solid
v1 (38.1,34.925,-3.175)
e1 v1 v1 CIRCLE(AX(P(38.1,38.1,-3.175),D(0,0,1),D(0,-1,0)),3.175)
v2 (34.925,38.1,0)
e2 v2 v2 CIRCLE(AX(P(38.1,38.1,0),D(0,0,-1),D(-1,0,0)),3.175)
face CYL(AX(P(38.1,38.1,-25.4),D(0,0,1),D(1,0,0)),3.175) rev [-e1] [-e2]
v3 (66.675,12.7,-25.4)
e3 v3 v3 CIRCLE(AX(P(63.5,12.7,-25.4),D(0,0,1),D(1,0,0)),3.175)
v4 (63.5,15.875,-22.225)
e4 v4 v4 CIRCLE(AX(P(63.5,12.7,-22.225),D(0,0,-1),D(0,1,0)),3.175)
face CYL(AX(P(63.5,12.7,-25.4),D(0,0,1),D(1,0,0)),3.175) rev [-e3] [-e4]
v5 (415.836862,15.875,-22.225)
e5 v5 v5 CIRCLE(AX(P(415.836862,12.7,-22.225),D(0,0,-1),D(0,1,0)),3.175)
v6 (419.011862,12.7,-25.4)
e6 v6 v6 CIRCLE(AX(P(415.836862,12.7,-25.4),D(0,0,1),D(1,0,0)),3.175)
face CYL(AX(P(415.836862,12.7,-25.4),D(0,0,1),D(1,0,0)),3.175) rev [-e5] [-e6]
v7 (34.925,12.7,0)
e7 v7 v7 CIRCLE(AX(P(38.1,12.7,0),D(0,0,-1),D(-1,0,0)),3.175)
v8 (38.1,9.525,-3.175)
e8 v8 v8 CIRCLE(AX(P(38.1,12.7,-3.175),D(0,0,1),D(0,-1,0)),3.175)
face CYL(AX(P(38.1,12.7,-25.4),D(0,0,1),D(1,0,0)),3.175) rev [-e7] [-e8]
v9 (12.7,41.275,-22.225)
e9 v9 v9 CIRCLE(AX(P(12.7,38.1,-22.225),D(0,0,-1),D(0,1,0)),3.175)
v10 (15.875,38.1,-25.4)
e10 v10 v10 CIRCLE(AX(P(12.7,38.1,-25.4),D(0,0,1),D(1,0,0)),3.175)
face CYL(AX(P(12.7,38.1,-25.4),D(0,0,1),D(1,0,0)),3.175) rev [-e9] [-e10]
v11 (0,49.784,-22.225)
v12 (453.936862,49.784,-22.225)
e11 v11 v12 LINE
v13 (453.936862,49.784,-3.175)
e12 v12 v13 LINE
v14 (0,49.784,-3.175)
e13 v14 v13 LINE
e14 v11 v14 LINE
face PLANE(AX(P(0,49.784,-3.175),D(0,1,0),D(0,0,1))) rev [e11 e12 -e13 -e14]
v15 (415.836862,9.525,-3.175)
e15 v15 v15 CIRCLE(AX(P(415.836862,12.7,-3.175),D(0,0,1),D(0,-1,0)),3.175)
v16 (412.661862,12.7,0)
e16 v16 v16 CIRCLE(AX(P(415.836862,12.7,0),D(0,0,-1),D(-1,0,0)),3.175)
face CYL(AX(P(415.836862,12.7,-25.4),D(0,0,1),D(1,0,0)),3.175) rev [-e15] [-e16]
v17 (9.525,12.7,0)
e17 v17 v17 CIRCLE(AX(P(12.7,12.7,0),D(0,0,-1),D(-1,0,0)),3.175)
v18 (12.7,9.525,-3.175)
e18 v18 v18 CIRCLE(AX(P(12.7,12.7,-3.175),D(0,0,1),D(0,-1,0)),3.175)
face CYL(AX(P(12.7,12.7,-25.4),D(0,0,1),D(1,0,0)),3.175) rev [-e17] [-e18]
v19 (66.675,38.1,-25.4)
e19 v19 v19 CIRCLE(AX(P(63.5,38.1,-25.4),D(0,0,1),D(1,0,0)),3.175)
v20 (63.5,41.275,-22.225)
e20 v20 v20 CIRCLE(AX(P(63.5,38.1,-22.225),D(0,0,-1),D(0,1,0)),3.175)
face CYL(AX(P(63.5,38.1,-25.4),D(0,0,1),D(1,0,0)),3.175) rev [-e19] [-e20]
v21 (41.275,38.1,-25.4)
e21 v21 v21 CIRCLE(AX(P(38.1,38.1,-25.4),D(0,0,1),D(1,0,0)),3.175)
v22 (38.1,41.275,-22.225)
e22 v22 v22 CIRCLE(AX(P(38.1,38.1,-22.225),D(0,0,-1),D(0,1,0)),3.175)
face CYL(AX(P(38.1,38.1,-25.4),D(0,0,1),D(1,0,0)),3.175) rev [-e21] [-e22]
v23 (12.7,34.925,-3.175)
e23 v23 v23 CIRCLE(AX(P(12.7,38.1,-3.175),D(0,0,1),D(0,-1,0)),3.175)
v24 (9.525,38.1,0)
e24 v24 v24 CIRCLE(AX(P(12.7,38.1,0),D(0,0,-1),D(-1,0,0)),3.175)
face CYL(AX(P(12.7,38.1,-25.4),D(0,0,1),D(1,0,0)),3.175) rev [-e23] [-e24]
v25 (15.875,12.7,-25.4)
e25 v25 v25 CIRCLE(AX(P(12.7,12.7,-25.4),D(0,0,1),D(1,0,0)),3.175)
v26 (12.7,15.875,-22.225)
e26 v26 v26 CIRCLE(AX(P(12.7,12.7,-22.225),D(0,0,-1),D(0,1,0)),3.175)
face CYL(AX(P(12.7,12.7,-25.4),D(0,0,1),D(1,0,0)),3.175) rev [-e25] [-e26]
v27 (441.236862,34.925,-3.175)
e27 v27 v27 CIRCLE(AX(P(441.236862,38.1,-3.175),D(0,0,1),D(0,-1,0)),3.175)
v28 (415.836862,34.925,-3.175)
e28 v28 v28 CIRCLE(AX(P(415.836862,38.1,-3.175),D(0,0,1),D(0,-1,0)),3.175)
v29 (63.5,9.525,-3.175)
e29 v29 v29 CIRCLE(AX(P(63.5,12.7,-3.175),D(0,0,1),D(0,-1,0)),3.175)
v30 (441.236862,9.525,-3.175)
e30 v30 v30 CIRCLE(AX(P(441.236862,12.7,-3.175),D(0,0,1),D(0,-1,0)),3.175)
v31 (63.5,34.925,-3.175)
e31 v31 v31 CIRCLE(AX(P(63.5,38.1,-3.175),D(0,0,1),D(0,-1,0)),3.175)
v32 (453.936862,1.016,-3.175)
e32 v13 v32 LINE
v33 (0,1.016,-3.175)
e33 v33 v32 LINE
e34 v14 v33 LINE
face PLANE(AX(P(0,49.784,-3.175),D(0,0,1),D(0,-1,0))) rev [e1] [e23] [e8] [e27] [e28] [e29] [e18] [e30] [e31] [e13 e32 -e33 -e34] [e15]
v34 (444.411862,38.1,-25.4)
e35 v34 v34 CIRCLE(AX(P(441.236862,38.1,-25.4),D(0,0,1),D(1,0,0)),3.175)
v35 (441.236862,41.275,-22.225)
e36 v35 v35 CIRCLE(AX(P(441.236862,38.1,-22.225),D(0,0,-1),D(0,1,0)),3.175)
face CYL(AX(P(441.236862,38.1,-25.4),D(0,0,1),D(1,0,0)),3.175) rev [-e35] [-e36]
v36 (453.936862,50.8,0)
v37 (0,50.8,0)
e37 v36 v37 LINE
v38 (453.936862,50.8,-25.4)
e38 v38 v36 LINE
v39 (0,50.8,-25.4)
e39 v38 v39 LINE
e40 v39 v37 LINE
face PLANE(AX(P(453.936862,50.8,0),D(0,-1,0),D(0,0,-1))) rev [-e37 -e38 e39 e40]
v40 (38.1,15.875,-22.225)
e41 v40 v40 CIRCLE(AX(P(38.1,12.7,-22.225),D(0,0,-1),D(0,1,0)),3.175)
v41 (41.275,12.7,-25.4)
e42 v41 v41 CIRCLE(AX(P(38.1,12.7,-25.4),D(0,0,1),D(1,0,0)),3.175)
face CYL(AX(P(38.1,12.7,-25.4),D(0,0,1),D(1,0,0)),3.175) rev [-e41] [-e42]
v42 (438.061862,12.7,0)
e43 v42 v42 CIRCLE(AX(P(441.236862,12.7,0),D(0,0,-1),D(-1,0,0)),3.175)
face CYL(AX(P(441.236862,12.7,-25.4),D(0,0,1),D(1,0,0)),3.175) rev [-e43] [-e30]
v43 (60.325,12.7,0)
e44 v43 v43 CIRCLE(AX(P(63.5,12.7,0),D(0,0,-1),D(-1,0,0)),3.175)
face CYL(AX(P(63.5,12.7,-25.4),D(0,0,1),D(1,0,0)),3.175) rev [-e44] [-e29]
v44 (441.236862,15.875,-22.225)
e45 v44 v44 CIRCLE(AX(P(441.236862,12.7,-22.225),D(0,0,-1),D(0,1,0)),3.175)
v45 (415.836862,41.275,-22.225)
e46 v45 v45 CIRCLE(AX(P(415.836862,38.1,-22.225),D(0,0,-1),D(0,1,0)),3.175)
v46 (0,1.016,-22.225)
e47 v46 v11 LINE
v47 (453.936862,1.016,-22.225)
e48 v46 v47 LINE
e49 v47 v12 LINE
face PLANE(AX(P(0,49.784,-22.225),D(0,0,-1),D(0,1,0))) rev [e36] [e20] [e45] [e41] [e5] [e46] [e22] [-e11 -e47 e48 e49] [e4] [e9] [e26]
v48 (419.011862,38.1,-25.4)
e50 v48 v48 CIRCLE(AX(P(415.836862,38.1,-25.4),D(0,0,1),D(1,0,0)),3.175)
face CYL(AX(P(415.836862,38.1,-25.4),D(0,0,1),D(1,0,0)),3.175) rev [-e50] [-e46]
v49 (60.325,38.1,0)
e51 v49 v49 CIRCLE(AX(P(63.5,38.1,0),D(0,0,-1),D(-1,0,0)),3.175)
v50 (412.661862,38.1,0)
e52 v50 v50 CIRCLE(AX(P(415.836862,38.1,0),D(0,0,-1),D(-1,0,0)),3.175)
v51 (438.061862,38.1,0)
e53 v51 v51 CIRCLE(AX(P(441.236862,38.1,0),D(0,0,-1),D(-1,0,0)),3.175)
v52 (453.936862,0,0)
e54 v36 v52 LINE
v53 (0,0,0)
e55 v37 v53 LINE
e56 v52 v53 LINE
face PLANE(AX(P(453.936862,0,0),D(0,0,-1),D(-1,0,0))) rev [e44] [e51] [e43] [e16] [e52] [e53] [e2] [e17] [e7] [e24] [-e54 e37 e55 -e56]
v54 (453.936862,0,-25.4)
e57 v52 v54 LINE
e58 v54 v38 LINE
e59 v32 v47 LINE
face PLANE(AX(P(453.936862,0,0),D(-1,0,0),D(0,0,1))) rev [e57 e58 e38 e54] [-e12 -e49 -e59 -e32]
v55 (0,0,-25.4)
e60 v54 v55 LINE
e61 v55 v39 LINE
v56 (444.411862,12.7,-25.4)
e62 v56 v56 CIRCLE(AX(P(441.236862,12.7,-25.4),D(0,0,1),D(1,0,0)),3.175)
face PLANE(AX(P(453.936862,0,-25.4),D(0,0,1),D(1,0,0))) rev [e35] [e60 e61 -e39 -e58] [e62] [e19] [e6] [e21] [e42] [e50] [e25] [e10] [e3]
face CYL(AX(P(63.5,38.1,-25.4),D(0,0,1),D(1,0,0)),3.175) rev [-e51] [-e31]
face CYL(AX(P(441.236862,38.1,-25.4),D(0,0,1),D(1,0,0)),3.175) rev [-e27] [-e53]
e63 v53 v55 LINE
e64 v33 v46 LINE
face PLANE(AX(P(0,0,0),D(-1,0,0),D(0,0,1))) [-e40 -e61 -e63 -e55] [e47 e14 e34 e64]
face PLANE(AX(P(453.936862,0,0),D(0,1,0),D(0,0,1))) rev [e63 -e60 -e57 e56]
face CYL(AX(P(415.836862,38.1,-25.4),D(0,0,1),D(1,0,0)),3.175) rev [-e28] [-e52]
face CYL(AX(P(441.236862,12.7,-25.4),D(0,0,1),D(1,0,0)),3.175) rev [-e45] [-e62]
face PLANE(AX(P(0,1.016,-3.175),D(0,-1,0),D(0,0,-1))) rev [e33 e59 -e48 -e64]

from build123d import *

# Parameters (mm, degrees)
SKETCH1_W               = 25.4
SKETCH1_H               = 50.8
BOSS_EXTRUDE1_DEPTH     = 453.936862
SKETCH2_W               = 19.05
SKETCH2_H               = 48.768
CUT_EXTRUDE1_DEPTH      = 458.47620122
CUT_EXTRUDE4_DEPTH      = 458.47620122
CUT_EXTRUDE4_DEPTH_BACK = 458.47620122
SKETCH5_R               = 3.175


with BuildPart() as part:
    # Sketch1 → Boss-Extrude1 (new body)
    with BuildSketch(Plane(origin=(0, 0, 0), x_dir=(0, 0, -1), z_dir=(1, 0, 0))):
        with Locations((12.7, 25.4)):
            Rectangle(SKETCH1_W, SKETCH1_H)
    extrude(amount=BOSS_EXTRUDE1_DEPTH)

    # Sketch2 → Cut-Extrude1 (cut, through all)
    with BuildSketch(Plane(origin=(453.936862, 0, 0), x_dir=(0, 0, -1), z_dir=(1, 0, 0))):
        with Locations((12.7, 25.4)):
            Rectangle(SKETCH2_W, SKETCH2_H)
    extrude(amount=-CUT_EXTRUDE1_DEPTH, mode=Mode.SUBTRACT)

    # Sketch5 → Cut-Extrude4 (cut, two sides: drawn at the far end of the back side and taken through both)
    with BuildSketch(Plane.XY.offset(-CUT_EXTRUDE4_DEPTH_BACK)):
        with Locations((12.7, 38.1)):
            Circle(SKETCH5_R)
        with Locations((38.1, 38.1)):
            Circle(SKETCH5_R)
        with Locations((12.7, 12.7)):
            Circle(SKETCH5_R)
        with Locations((38.1, 12.7)):
            Circle(SKETCH5_R)
        with Locations((63.5, 38.1)):
            Circle(SKETCH5_R)
        with Locations((63.5, 12.7)):
            Circle(SKETCH5_R)
        with Locations((441.236862, 38.1)):
            Circle(SKETCH5_R)
        with Locations((441.236862, 12.7)):
            Circle(SKETCH5_R)
        with Locations((415.836862, 38.1)):
            Circle(SKETCH5_R)
        with Locations((415.836862, 12.7)):
            Circle(SKETCH5_R)
    extrude(amount=CUT_EXTRUDE4_DEPTH + CUT_EXTRUDE4_DEPTH_BACK, mode=Mode.SUBTRACT)


solid = part.part
